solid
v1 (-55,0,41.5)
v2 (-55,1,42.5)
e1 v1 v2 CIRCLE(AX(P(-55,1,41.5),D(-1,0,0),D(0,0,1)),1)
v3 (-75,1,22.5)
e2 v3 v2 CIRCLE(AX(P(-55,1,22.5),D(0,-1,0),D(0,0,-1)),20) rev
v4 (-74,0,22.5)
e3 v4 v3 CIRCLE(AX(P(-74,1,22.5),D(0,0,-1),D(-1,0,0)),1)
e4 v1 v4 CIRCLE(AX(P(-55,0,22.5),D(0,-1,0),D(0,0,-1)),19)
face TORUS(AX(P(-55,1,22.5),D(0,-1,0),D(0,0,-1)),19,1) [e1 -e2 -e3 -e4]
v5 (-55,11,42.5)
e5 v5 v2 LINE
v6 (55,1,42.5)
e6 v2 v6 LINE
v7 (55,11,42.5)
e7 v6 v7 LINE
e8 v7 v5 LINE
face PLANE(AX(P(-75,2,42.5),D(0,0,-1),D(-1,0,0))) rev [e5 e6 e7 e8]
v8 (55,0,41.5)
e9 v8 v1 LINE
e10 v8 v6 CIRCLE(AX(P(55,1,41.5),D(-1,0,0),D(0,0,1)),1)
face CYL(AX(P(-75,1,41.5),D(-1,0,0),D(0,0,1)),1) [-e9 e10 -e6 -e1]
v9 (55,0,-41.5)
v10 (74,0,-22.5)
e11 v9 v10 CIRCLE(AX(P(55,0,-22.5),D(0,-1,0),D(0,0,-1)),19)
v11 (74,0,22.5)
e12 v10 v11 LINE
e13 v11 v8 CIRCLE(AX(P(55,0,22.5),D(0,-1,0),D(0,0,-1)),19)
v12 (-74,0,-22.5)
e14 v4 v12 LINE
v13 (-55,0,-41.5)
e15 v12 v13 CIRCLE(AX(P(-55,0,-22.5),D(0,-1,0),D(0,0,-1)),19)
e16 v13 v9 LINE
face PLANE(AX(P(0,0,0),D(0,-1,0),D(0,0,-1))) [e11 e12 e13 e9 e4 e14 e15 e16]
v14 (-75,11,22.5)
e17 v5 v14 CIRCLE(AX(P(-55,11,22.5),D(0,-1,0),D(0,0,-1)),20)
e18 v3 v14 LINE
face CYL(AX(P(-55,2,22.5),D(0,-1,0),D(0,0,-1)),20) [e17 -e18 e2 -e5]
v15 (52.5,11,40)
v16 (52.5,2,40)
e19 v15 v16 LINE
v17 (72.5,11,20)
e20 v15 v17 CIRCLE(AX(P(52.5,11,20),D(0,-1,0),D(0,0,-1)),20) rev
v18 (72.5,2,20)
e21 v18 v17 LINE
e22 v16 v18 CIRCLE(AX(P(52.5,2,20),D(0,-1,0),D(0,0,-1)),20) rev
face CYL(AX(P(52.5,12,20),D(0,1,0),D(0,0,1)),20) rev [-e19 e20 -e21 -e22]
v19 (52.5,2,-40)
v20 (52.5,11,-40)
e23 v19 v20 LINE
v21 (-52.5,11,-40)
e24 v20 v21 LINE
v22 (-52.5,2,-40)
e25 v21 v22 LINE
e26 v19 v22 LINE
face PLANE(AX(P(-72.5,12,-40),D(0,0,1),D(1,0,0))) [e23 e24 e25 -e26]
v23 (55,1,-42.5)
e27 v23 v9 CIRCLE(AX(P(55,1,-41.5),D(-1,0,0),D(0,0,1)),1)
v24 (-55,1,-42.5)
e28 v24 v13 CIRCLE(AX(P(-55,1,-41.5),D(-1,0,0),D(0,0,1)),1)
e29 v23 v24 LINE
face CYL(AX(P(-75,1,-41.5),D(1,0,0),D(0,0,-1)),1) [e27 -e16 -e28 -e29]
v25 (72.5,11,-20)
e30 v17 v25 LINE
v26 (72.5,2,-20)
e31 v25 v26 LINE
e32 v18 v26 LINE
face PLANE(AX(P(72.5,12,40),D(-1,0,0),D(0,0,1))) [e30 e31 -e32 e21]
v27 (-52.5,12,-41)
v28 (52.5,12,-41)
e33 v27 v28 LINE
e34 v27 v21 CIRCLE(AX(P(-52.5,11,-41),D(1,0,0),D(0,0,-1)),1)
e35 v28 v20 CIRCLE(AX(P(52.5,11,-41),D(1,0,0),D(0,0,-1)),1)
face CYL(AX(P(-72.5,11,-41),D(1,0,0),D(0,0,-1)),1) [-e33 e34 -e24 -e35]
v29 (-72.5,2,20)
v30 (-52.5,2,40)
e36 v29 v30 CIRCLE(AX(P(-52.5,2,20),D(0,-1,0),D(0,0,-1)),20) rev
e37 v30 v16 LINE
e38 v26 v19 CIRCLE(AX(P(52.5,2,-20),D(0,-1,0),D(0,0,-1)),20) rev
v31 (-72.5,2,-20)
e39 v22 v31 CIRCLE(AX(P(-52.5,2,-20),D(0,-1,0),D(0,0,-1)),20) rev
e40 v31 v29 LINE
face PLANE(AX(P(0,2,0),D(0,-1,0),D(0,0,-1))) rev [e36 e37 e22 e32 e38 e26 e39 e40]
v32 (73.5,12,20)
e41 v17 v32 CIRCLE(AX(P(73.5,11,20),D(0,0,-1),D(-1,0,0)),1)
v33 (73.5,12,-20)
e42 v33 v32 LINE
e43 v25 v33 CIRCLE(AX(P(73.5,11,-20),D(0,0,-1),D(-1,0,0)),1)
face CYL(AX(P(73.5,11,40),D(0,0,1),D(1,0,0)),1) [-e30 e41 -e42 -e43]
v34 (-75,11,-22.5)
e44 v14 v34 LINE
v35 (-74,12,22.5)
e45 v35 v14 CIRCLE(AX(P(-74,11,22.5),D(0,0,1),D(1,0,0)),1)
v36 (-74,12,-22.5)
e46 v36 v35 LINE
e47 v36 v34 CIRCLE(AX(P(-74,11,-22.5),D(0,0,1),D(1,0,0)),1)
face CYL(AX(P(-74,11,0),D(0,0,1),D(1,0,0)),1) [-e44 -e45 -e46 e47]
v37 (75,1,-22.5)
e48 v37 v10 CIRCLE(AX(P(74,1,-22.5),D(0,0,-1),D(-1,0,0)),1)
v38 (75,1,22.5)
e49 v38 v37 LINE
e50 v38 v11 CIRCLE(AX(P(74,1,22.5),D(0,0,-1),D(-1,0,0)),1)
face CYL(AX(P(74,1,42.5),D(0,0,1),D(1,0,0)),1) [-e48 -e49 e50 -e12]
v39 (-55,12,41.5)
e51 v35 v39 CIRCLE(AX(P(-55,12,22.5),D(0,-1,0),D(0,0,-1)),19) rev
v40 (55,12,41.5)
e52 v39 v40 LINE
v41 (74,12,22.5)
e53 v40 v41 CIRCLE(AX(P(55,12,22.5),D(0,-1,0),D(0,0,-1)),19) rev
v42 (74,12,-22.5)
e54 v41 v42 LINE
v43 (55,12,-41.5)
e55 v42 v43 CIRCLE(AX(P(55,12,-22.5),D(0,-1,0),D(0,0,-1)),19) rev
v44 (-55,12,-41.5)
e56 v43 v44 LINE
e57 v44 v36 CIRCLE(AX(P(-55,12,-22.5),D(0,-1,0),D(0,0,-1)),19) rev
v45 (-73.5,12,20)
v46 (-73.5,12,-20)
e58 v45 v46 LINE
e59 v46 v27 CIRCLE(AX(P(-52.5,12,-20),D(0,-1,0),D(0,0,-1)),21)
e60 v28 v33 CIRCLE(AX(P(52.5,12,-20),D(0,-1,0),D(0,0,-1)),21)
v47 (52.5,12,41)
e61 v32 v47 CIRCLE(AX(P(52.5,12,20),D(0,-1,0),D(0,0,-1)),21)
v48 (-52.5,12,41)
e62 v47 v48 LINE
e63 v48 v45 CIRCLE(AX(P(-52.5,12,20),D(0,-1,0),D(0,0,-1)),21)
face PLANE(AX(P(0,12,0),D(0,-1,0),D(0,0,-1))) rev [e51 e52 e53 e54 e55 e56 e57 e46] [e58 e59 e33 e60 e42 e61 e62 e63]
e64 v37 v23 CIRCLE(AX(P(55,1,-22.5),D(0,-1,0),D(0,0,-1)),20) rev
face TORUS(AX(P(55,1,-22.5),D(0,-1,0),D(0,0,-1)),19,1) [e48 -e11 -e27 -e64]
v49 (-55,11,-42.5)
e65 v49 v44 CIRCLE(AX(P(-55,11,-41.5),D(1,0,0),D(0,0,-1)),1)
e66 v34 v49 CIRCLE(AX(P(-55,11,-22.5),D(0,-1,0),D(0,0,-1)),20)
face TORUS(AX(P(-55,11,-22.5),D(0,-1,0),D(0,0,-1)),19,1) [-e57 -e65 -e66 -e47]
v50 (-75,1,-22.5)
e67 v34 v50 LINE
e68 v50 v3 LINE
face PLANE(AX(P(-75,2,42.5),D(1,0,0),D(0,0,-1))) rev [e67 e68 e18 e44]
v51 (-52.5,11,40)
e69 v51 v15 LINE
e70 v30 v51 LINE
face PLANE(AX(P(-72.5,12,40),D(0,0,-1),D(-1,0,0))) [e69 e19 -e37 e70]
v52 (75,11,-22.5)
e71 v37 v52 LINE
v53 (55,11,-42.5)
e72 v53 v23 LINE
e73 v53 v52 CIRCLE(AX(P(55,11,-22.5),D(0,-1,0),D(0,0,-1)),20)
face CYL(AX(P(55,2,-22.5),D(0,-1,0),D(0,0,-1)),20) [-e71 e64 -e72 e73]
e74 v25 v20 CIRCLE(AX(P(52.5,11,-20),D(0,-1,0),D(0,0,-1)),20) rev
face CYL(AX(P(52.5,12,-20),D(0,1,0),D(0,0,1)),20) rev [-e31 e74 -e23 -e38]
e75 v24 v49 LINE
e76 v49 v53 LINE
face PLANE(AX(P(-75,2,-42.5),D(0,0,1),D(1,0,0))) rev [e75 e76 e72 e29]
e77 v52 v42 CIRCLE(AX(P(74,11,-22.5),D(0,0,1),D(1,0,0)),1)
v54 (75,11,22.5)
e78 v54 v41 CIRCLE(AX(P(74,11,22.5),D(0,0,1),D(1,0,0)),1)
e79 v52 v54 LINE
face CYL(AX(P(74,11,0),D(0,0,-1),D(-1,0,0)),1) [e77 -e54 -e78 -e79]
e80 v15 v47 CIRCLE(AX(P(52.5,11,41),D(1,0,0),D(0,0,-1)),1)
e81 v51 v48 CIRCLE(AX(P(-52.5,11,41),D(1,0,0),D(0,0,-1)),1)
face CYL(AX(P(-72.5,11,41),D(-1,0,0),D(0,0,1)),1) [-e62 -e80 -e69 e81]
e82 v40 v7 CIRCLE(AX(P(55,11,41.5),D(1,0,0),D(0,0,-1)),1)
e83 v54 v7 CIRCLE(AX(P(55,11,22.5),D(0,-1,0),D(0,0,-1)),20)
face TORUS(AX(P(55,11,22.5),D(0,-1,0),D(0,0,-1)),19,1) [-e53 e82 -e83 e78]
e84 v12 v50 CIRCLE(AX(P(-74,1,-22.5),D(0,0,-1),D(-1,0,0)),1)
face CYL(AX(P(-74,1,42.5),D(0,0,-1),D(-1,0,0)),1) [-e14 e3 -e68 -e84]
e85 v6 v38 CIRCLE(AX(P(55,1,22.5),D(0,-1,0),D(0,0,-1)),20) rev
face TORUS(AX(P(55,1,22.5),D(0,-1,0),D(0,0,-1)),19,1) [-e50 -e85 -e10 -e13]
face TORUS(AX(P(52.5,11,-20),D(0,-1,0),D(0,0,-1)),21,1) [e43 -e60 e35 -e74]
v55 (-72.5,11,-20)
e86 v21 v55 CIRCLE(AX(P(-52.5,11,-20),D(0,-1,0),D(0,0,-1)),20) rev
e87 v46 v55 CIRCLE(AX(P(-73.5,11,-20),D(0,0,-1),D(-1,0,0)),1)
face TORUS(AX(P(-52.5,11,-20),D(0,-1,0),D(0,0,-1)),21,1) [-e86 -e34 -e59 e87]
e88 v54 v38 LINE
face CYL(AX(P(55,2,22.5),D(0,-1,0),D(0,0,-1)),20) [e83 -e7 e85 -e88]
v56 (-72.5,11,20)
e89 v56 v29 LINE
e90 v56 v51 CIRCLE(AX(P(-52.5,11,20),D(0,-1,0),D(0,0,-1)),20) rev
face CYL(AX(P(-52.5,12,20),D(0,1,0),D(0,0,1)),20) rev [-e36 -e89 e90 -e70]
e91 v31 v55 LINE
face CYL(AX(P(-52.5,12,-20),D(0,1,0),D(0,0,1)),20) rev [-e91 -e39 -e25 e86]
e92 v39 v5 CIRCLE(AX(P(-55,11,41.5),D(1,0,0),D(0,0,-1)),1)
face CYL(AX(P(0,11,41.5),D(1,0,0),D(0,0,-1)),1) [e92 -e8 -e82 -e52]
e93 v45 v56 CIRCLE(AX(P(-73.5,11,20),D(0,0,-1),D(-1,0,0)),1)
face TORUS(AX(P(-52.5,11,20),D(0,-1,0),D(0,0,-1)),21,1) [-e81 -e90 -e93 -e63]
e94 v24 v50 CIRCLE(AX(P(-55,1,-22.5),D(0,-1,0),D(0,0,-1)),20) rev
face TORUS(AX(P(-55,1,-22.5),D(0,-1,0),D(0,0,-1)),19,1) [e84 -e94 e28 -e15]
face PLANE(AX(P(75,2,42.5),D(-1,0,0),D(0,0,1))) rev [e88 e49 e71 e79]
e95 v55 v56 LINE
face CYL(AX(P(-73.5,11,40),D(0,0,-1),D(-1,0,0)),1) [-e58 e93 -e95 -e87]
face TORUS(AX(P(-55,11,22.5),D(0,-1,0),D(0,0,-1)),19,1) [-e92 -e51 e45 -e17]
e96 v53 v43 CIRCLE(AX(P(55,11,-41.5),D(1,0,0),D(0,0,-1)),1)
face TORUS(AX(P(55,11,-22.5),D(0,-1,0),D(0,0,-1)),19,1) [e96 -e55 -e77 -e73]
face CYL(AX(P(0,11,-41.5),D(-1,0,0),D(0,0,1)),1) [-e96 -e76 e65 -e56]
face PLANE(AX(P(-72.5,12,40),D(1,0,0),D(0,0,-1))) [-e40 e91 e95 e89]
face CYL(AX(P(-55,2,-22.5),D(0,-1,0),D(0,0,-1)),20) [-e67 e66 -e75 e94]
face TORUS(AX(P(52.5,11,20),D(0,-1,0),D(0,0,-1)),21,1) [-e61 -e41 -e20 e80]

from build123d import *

# Parameters (mm, degrees)
SKETCH1_W           = 150
SKETCH1_H           = 85
BOSS_EXTRUDE1_DEPTH = 2
SKETCH2_W           = 150
SKETCH2_H           = 85
SKETCH2_W_2         = 145
SKETCH2_H_2         = 80
BOSS_EXTRUDE2_DEPTH = 10
FILLET1_R           = 20
FILLET2_R           = 1


with BuildPart() as part:
    # Sketch1 → Boss-Extrude1 (new body)
    with BuildSketch(Plane(origin=(0, 0, 0), x_dir=(1, 0, 0), z_dir=(0, 1, 0))):
        Rectangle(SKETCH1_W, SKETCH1_H)
    extrude(amount=BOSS_EXTRUDE1_DEPTH)

    # Sketch2 → Boss-Extrude2 (add)
    with BuildSketch(Plane(origin=(0, 2, 0), x_dir=(1, 0, 0), z_dir=(0, 1, 0))):
        Rectangle(SKETCH2_W, SKETCH2_H)
        Rectangle(SKETCH2_W_2, SKETCH2_H_2, mode=Mode.SUBTRACT)
    extrude(amount=BOSS_EXTRUDE2_DEPTH)

    # Fillet1
    fillet1_edges = [part.edges().sort_by_distance(p)[0] for p in [
        (72.5, 7, -40),
        (-72.5, 7, -40),
        (-72.5, 7, 40),
        (72.5, 7, 40),
        (75, 6, 42.5),
        (-75, 6, 42.5),
        (-75, 6, -42.5),
        (75, 6, -42.5),
    ]]
    fillet(fillet1_edges, radius=FILLET1_R)

    # Fillet2
    fillet2_edges = [part.edges().sort_by_distance(p)[0] for p in [
        (0, 0, -42.5),
        (0, 12, -42.5),
        (75, 0, 0),
        (0, 0, 42.5),
        (-75, 0, 0),
        (-69.142135624, 0, -36.642135624),
        (-69.142135624, 0, 36.642135624),
        (69.142135624, 0, 36.642135624),
        (69.142135624, 0, -36.642135624),
        (75, 12, 0),
        (0, 12, 42.5),
        (-75, 12, 0),
        (-72.5, 12, 0),
        (0, 12, 40),
        (72.5, 12, 0),
        (0, 12, -40),
        (-66.642135624, 12, 34.142135624),
        (66.642135624, 12, 34.142135624),
        (66.642135624, 12, -34.142135624),
        (-66.642135624, 12, -34.142135624),
        (-69.142135624, 12, -36.642135624),
        (-69.142135624, 12, 36.642135624),
        (69.142135624, 12, 36.642135624),
        (69.142135624, 12, -36.642135624),
    ]]
    fillet(fillet2_edges, radius=FILLET2_R)


solid = part.part
